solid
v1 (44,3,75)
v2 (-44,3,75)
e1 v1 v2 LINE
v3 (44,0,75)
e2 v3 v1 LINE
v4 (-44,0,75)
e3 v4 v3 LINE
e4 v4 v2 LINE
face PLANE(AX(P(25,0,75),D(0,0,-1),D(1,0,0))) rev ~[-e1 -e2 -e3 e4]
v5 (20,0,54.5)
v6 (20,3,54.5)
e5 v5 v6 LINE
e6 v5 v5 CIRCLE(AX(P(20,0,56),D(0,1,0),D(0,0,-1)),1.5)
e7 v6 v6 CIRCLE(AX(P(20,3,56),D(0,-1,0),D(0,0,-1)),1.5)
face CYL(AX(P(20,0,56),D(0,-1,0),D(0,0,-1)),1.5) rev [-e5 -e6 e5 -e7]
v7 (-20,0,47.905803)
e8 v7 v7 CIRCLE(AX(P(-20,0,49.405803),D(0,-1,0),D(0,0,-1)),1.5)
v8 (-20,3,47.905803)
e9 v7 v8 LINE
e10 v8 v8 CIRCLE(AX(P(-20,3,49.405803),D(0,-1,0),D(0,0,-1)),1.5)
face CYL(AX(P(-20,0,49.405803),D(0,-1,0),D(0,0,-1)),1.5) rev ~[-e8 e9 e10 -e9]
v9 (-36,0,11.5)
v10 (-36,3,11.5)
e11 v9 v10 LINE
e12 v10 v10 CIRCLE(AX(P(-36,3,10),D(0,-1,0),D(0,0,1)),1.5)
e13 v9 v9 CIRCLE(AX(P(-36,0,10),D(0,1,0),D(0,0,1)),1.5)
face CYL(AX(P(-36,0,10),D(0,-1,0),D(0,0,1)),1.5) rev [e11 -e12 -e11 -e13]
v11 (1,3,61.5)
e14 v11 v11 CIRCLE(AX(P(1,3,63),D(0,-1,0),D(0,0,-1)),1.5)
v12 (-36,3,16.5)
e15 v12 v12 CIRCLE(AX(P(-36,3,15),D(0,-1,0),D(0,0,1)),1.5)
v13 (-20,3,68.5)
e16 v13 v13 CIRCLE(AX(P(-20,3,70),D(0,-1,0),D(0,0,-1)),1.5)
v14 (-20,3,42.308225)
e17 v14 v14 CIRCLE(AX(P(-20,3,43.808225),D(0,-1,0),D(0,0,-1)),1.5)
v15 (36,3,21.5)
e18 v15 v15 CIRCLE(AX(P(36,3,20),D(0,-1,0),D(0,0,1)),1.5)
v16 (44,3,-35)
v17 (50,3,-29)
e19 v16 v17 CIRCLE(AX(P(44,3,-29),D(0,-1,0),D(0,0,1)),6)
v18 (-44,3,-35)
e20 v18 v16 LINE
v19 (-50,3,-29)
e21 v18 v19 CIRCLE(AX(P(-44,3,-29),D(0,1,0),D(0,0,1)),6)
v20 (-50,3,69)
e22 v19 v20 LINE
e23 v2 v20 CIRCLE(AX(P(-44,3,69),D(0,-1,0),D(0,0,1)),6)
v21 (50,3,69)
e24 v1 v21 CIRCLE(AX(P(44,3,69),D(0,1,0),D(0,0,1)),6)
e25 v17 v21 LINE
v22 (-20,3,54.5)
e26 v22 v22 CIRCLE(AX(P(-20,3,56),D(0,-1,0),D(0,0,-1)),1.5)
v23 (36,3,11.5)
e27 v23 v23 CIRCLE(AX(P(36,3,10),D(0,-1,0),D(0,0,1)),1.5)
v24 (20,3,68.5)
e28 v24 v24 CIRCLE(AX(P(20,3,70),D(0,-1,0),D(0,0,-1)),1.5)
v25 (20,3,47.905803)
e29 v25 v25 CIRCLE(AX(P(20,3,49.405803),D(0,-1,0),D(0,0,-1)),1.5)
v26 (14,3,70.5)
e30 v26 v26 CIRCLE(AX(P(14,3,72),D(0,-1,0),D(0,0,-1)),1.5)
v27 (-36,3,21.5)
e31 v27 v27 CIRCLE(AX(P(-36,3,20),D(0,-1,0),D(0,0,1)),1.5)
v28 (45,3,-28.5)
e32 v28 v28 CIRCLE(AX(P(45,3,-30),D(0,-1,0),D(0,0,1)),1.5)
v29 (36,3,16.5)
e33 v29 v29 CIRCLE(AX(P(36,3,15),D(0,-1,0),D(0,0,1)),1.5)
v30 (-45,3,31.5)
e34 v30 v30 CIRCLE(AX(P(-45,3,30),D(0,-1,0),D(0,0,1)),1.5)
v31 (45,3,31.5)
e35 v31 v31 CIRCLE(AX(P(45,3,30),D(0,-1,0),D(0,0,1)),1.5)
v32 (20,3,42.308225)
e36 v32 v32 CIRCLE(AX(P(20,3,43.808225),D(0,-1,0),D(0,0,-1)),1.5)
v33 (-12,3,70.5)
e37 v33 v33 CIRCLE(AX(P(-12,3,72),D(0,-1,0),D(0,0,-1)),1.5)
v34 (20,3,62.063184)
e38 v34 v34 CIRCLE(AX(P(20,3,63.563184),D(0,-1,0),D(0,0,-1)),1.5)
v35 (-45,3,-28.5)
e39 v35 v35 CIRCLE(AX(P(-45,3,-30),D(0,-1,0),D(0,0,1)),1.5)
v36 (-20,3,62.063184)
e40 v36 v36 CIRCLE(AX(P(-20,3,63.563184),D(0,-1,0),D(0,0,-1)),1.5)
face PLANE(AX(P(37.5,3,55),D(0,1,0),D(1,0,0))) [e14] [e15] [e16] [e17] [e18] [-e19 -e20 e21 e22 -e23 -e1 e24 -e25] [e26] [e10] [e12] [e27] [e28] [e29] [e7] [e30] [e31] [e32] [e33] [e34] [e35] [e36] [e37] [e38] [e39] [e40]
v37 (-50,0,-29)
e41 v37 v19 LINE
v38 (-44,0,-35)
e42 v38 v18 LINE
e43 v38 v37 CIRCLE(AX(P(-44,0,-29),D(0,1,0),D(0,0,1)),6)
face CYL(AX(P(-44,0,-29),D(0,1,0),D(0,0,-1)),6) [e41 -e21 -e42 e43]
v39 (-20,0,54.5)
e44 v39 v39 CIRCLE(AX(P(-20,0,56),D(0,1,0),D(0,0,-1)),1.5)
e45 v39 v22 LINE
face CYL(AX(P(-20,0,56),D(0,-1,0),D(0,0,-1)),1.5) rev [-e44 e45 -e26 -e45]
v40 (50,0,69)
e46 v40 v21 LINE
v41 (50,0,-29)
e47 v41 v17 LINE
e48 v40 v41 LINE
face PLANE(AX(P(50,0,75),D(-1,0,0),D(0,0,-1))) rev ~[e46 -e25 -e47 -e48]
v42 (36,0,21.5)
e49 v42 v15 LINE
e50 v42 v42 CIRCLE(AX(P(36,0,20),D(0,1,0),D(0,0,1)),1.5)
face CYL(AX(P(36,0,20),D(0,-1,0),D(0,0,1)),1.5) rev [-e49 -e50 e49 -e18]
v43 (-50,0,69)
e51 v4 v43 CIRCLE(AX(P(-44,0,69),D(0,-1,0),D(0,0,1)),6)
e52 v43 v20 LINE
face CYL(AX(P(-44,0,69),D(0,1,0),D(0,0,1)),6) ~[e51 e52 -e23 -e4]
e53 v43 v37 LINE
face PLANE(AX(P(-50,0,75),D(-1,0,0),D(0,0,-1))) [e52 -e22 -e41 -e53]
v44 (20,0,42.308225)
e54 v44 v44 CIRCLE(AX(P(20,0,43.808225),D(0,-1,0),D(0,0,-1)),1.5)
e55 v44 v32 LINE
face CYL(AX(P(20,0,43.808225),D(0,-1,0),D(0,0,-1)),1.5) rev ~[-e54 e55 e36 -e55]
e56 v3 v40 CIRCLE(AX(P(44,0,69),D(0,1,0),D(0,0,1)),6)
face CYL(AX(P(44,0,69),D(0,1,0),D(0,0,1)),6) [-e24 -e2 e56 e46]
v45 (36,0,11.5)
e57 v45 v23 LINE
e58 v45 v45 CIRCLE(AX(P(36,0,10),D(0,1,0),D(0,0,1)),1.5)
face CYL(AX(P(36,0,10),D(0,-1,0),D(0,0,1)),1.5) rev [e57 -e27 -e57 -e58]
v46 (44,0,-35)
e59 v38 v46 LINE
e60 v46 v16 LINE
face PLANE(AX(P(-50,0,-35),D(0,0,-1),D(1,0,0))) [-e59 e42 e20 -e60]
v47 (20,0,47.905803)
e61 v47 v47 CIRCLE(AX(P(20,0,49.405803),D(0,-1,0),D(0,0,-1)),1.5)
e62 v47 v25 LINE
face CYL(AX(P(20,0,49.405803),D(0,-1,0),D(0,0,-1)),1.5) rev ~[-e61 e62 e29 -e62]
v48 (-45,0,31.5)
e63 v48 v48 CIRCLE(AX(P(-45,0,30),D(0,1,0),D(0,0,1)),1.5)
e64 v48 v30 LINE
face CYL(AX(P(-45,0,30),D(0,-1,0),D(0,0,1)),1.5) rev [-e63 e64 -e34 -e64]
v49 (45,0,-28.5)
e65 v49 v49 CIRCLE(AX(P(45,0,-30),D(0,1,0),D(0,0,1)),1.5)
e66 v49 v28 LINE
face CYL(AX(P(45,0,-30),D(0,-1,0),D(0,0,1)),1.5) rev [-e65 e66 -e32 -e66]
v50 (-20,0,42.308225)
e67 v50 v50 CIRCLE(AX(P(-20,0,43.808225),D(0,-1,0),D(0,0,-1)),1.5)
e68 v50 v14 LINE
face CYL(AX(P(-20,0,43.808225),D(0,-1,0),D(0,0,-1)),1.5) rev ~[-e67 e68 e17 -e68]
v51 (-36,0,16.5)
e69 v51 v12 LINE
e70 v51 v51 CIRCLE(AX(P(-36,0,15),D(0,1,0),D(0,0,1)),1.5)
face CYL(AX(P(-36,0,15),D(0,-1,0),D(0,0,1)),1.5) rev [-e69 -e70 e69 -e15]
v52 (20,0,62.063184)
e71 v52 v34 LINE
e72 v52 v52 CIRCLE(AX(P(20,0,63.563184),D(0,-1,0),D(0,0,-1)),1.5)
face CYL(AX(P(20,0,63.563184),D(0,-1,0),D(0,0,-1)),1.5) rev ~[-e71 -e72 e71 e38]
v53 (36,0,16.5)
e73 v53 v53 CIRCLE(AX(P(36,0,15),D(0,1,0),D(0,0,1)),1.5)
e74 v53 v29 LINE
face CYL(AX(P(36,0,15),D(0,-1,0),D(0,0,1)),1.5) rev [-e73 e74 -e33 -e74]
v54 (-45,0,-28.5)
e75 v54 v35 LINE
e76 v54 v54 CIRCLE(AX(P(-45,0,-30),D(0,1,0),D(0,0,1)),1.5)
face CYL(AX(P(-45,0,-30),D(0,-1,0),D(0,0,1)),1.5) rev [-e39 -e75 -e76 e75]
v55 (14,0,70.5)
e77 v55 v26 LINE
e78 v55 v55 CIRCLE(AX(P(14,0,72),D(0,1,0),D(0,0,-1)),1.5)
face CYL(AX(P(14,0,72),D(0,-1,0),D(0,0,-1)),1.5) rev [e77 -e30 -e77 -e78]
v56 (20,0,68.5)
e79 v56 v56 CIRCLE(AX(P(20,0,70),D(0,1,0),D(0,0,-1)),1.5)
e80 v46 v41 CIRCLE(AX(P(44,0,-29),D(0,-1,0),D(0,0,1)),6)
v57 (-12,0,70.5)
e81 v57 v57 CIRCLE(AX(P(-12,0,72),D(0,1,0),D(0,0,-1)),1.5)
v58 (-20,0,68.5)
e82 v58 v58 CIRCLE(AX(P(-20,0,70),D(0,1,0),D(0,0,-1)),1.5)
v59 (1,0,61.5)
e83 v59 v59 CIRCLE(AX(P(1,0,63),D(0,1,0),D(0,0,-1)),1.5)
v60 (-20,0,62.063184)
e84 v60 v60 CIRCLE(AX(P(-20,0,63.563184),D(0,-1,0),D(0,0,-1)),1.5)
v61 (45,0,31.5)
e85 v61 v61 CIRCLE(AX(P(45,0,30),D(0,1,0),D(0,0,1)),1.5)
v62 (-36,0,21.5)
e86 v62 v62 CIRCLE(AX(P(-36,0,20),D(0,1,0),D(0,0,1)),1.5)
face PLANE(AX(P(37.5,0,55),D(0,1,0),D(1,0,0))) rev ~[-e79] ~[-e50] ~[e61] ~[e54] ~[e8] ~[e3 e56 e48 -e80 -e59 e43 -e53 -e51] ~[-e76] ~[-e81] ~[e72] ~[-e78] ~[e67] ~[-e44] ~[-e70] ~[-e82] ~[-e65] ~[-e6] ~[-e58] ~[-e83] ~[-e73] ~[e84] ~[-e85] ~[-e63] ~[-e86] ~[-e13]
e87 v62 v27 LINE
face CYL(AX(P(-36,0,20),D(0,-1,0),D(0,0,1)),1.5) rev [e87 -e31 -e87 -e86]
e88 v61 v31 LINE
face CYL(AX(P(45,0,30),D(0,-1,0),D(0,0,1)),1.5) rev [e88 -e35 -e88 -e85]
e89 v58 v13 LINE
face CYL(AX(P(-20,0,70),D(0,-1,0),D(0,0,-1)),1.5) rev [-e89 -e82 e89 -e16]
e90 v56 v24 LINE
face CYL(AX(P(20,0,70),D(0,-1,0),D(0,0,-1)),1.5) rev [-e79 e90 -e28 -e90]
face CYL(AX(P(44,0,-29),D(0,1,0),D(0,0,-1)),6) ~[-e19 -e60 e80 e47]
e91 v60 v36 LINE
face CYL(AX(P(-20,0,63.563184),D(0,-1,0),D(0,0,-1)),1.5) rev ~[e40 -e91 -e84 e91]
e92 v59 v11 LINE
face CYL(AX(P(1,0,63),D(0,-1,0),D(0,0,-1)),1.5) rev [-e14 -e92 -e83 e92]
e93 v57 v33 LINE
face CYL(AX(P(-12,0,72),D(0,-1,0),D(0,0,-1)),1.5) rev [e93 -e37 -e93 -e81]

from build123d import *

# Parameters (mm, degrees)
SKETCH1_W           = 100
SKETCH1_H           = 70
BOSS_EXTRUDE1_DEPTH = 3
SKETCH2_R           = 1.5
CUT_EXTRUDE3_DEPTH  = 4
SKETCH3_W           = 50
SKETCH3_H           = 40
BOSS_EXTRUDE2_DEPTH = 3
CUT_EXTRUDE4_REACH  = 92.189
SKETCH4_R           = 1.5
SKETCH5_R           = 1.5
CUT_EXTRUDE5_DEPTH  = 3
CUT_EXTRUDE6_REACH  = 92.189
SKETCH6_R           = 1.5
CUT_EXTRUDE7_REACH  = 92.189
SKETCH8_R           = 1.5
SKETCH9_W           = 25
SKETCH9_H           = 40
SKETCH9_W_2         = 10.1139551
SKETCH9_H_2         = 8.275054173
BOSS_EXTRUDE3_DEPTH = 3
FILLET1_R           = 6


with BuildPart() as part:
    # Sketch1 → Boss-Extrude1 (new body)
    with BuildSketch(Plane(origin=(0, 0, 0), x_dir=(1, 0, 0), z_dir=(0, 1, 0))):
        Rectangle(SKETCH1_W, SKETCH1_H)
    extrude(amount=BOSS_EXTRUDE1_DEPTH)

    # Sketch2 → Cut-Extrude3 (cut)
    with BuildSketch(Plane(origin=(0, 0, 0), x_dir=(1, 0, 0), z_dir=(0, 1, 0))):
        with Locations(Location((-45, -30, 0), (0, 0, 270))):
            Circle(SKETCH2_R)
        with Locations(Location((45, -30, 0), (0, 0, 270))):
            Circle(SKETCH2_R)
        with Locations(Location((45, 30, 0), (0, 0, 270))):
            Circle(SKETCH2_R)
        with Locations(Location((-45, 30, 0), (0, 0, 270))):
            Circle(SKETCH2_R)
        with Locations(Location((-36, -20, 0), (0, 0, 270))):
            Circle(SKETCH2_R)
        with Locations(Location((36, -20, 0), (0, 0, 270))):
            Circle(SKETCH2_R)
        with Locations(Location((-36, -10, 0), (0, 0, 270))):
            Circle(SKETCH2_R)
        with Locations(Location((36, -10, 0), (0, 0, 270))):
            Circle(SKETCH2_R)
        with Locations(Location((-36, -15, 0), (0, 0, 270))):
            Circle(SKETCH2_R)
        with Locations(Location((36, -15, 0), (0, 0, 270))):
            Circle(SKETCH2_R)
    extrude(amount=CUT_EXTRUDE3_DEPTH, mode=Mode.SUBTRACT)

    # Sketch3 → Boss-Extrude2 (add)
    with BuildSketch(Plane(origin=(0, 0, 0), x_dir=(1, 0, 0), z_dir=(0, 1, 0))):
        with Locations((0, -55)):
            Rectangle(SKETCH3_W, SKETCH3_H)
    extrude(amount=BOSS_EXTRUDE2_DEPTH)

    # Sketch4 → Cut-Extrude4 (cut, up to next)
    with BuildSketch(Plane(origin=(0, 0, 0), x_dir=(1, 0, 0), z_dir=(0, 1, 0)), mode=Mode.PRIVATE) as cut_extrude4_sk1:
        with Locations(Location((-20, -70, 0), (0, 0, 90))):
            Circle(SKETCH4_R)
    cut_extrude4_tool1 = extrude(cut_extrude4_sk1.sketch, amount=CUT_EXTRUDE4_REACH, mode=Mode.PRIVATE) & part.part
    # Sketch4 → Cut-Extrude4 (cut, up to next)
    with BuildSketch(Plane(origin=(0, 0, 0), x_dir=(1, 0, 0), z_dir=(0, 1, 0)), mode=Mode.PRIVATE) as cut_extrude4_sk2:
        with Locations(Location((20, -70, 0), (0, 0, 90))):
            Circle(SKETCH4_R)
    cut_extrude4_tool2 = extrude(cut_extrude4_sk2.sketch, amount=CUT_EXTRUDE4_REACH, mode=Mode.PRIVATE) & part.part
    # Sketch4 → Cut-Extrude4 (cut, up to next)
    with BuildSketch(Plane(origin=(0, 0, 0), x_dir=(1, 0, 0), z_dir=(0, 1, 0)), mode=Mode.PRIVATE) as cut_extrude4_sk3:
        with Locations(Location((-20, -56, 0), (0, 0, 90))):
            Circle(SKETCH4_R)
    cut_extrude4_tool3 = extrude(cut_extrude4_sk3.sketch, amount=CUT_EXTRUDE4_REACH, mode=Mode.PRIVATE) & part.part
    # Sketch4 → Cut-Extrude4 (cut, up to next)
    with BuildSketch(Plane(origin=(0, 0, 0), x_dir=(1, 0, 0), z_dir=(0, 1, 0)), mode=Mode.PRIVATE) as cut_extrude4_sk4:
        with Locations(Location((20, -56, 0), (0, 0, 90))):
            Circle(SKETCH4_R)
    cut_extrude4_tool4 = extrude(cut_extrude4_sk4.sketch, amount=CUT_EXTRUDE4_REACH, mode=Mode.PRIVATE) & part.part
    # Sketch4 → Cut-Extrude4 (cut, up to next)
    with BuildSketch(Plane(origin=(0, 0, 0), x_dir=(1, 0, 0), z_dir=(0, 1, 0)), mode=Mode.PRIVATE) as cut_extrude4_sk5:
        with Locations(Location((1, -63, 0), (0, 0, 90))):
            Circle(SKETCH4_R)
    cut_extrude4_tool5 = extrude(cut_extrude4_sk5.sketch, amount=CUT_EXTRUDE4_REACH, mode=Mode.PRIVATE) & part.part
    add(cut_extrude4_tool1.solids().sort_by_distance((-20, 0, 70))[0], mode=Mode.SUBTRACT)
    add(cut_extrude4_tool2.solids().sort_by_distance((20, 0, 70))[0], mode=Mode.SUBTRACT)
    add(cut_extrude4_tool3.solids().sort_by_distance((-20, 0, 56))[0], mode=Mode.SUBTRACT)
    add(cut_extrude4_tool4.solids().sort_by_distance((20, 0, 56))[0], mode=Mode.SUBTRACT)
    add(cut_extrude4_tool5.solids().sort_by_distance((1, 0, 63))[0], mode=Mode.SUBTRACT)

    # Sketch5 → Cut-Extrude5 (cut)
    with BuildSketch(Plane.XZ):
        with Locations((68.9999632, 26.624996827)):
            Circle(SKETCH5_R)
    extrude(amount=-CUT_EXTRUDE5_DEPTH, mode=Mode.SUBTRACT)

    # Sketch6 → Cut-Extrude6 (cut, up to next)
    with BuildSketch(Plane.XZ, mode=Mode.PRIVATE) as cut_extrude6_sk1:
        with Locations(Location((-20, 63.563183916, 0), (0, 0, 270))):
            Circle(SKETCH6_R)
    cut_extrude6_tool1 = extrude(cut_extrude6_sk1.sketch, amount=-CUT_EXTRUDE6_REACH, mode=Mode.PRIVATE) & part.part
    # Sketch6 → Cut-Extrude6 (cut, up to next)
    with BuildSketch(Plane.XZ, mode=Mode.PRIVATE) as cut_extrude6_sk2:
        with Locations(Location((20, 63.563183916, 0), (0, 0, 270))):
            Circle(SKETCH6_R)
    cut_extrude6_tool2 = extrude(cut_extrude6_sk2.sketch, amount=-CUT_EXTRUDE6_REACH, mode=Mode.PRIVATE) & part.part
    # Sketch6 → Cut-Extrude6 (cut, up to next)
    with BuildSketch(Plane.XZ, mode=Mode.PRIVATE) as cut_extrude6_sk3:
        with Locations(Location((20, 43.808225194, 0), (0, 0, 270))):
            Circle(SKETCH6_R)
    cut_extrude6_tool3 = extrude(cut_extrude6_sk3.sketch, amount=-CUT_EXTRUDE6_REACH, mode=Mode.PRIVATE) & part.part
    # Sketch6 → Cut-Extrude6 (cut, up to next)
    with BuildSketch(Plane.XZ, mode=Mode.PRIVATE) as cut_extrude6_sk4:
        with Locations(Location((-20, 49.40580256, 0), (0, 0, 270))):
            Circle(SKETCH6_R)
    cut_extrude6_tool4 = extrude(cut_extrude6_sk4.sketch, amount=-CUT_EXTRUDE6_REACH, mode=Mode.PRIVATE) & part.part
    # Sketch6 → Cut-Extrude6 (cut, up to next)
    with BuildSketch(Plane.XZ, mode=Mode.PRIVATE) as cut_extrude6_sk5:
        with Locations(Location((-20, 43.808225194, 0), (0, 0, 270))):
            Circle(SKETCH6_R)
    cut_extrude6_tool5 = extrude(cut_extrude6_sk5.sketch, amount=-CUT_EXTRUDE6_REACH, mode=Mode.PRIVATE) & part.part
    # Sketch6 → Cut-Extrude6 (cut, up to next)
    with BuildSketch(Plane.XZ, mode=Mode.PRIVATE) as cut_extrude6_sk6:
        with Locations(Location((20, 49.40580256, 0), (0, 0, 270))):
            Circle(SKETCH6_R)
    cut_extrude6_tool6 = extrude(cut_extrude6_sk6.sketch, amount=-CUT_EXTRUDE6_REACH, mode=Mode.PRIVATE) & part.part
    add(cut_extrude6_tool1.solids().sort_by_distance((-20, 0, 63.563184))[0], mode=Mode.SUBTRACT)
    add(cut_extrude6_tool2.solids().sort_by_distance((20, 0, 63.563184))[0], mode=Mode.SUBTRACT)
    add(cut_extrude6_tool3.solids().sort_by_distance((20, 0, 43.808225))[0], mode=Mode.SUBTRACT)
    add(cut_extrude6_tool4.solids().sort_by_distance((-20, 0, 49.405803))[0], mode=Mode.SUBTRACT)
    add(cut_extrude6_tool5.solids().sort_by_distance((-20, 0, 43.808225))[0], mode=Mode.SUBTRACT)
    add(cut_extrude6_tool6.solids().sort_by_distance((20, 0, 49.405803))[0], mode=Mode.SUBTRACT)

    # Sketch8 → Cut-Extrude7 (cut, up to next)
    with BuildSketch(Plane(origin=(0, 0, 0), x_dir=(1, 0, 0), z_dir=(0, 1, 0)), mode=Mode.PRIVATE) as cut_extrude7_sk1:
        with Locations(Location((-12, -72, 0), (0, 0, 90))):
            Circle(SKETCH8_R)
    cut_extrude7_tool1 = extrude(cut_extrude7_sk1.sketch, amount=CUT_EXTRUDE7_REACH, mode=Mode.PRIVATE) & part.part
    # Sketch8 → Cut-Extrude7 (cut, up to next)
    with BuildSketch(Plane(origin=(0, 0, 0), x_dir=(1, 0, 0), z_dir=(0, 1, 0)), mode=Mode.PRIVATE) as cut_extrude7_sk2:
        with Locations(Location((14, -72, 0), (0, 0, 90))):
            Circle(SKETCH8_R)
    cut_extrude7_tool2 = extrude(cut_extrude7_sk2.sketch, amount=CUT_EXTRUDE7_REACH, mode=Mode.PRIVATE) & part.part
    add(cut_extrude7_tool1.solids().sort_by_distance((-12, 0, 72))[0], mode=Mode.SUBTRACT)
    add(cut_extrude7_tool2.solids().sort_by_distance((14, 0, 72))[0], mode=Mode.SUBTRACT)

    # Sketch9 → Boss-Extrude3 (add)
    with BuildSketch(Plane(origin=(0, 0, 0), x_dir=(1, 0, 0), z_dir=(0, 1, 0))):
        with Locations((37.5, -55)):
            Rectangle(SKETCH9_W, SKETCH9_H)
        with Locations((-37.5, -55)):
            Rectangle(SKETCH9_W, SKETCH9_H)
        with Locations((36.349588901, -26.811598528)):
            Rectangle(SKETCH9_W_2, SKETCH9_H_2)
    extrude(amount=BOSS_EXTRUDE3_DEPTH)

    # Fillet1
    fillet1_edges = [part.edges().sort_by_distance(p)[0] for p in [
        (50, 1.5, 75),
        (-50, 1.5, 75),
        (-50, 1.5, -35),
        (50, 1.5, -35),
    ]]
    fillet(fillet1_edges, radius=FILLET1_R)


solid = part.part
